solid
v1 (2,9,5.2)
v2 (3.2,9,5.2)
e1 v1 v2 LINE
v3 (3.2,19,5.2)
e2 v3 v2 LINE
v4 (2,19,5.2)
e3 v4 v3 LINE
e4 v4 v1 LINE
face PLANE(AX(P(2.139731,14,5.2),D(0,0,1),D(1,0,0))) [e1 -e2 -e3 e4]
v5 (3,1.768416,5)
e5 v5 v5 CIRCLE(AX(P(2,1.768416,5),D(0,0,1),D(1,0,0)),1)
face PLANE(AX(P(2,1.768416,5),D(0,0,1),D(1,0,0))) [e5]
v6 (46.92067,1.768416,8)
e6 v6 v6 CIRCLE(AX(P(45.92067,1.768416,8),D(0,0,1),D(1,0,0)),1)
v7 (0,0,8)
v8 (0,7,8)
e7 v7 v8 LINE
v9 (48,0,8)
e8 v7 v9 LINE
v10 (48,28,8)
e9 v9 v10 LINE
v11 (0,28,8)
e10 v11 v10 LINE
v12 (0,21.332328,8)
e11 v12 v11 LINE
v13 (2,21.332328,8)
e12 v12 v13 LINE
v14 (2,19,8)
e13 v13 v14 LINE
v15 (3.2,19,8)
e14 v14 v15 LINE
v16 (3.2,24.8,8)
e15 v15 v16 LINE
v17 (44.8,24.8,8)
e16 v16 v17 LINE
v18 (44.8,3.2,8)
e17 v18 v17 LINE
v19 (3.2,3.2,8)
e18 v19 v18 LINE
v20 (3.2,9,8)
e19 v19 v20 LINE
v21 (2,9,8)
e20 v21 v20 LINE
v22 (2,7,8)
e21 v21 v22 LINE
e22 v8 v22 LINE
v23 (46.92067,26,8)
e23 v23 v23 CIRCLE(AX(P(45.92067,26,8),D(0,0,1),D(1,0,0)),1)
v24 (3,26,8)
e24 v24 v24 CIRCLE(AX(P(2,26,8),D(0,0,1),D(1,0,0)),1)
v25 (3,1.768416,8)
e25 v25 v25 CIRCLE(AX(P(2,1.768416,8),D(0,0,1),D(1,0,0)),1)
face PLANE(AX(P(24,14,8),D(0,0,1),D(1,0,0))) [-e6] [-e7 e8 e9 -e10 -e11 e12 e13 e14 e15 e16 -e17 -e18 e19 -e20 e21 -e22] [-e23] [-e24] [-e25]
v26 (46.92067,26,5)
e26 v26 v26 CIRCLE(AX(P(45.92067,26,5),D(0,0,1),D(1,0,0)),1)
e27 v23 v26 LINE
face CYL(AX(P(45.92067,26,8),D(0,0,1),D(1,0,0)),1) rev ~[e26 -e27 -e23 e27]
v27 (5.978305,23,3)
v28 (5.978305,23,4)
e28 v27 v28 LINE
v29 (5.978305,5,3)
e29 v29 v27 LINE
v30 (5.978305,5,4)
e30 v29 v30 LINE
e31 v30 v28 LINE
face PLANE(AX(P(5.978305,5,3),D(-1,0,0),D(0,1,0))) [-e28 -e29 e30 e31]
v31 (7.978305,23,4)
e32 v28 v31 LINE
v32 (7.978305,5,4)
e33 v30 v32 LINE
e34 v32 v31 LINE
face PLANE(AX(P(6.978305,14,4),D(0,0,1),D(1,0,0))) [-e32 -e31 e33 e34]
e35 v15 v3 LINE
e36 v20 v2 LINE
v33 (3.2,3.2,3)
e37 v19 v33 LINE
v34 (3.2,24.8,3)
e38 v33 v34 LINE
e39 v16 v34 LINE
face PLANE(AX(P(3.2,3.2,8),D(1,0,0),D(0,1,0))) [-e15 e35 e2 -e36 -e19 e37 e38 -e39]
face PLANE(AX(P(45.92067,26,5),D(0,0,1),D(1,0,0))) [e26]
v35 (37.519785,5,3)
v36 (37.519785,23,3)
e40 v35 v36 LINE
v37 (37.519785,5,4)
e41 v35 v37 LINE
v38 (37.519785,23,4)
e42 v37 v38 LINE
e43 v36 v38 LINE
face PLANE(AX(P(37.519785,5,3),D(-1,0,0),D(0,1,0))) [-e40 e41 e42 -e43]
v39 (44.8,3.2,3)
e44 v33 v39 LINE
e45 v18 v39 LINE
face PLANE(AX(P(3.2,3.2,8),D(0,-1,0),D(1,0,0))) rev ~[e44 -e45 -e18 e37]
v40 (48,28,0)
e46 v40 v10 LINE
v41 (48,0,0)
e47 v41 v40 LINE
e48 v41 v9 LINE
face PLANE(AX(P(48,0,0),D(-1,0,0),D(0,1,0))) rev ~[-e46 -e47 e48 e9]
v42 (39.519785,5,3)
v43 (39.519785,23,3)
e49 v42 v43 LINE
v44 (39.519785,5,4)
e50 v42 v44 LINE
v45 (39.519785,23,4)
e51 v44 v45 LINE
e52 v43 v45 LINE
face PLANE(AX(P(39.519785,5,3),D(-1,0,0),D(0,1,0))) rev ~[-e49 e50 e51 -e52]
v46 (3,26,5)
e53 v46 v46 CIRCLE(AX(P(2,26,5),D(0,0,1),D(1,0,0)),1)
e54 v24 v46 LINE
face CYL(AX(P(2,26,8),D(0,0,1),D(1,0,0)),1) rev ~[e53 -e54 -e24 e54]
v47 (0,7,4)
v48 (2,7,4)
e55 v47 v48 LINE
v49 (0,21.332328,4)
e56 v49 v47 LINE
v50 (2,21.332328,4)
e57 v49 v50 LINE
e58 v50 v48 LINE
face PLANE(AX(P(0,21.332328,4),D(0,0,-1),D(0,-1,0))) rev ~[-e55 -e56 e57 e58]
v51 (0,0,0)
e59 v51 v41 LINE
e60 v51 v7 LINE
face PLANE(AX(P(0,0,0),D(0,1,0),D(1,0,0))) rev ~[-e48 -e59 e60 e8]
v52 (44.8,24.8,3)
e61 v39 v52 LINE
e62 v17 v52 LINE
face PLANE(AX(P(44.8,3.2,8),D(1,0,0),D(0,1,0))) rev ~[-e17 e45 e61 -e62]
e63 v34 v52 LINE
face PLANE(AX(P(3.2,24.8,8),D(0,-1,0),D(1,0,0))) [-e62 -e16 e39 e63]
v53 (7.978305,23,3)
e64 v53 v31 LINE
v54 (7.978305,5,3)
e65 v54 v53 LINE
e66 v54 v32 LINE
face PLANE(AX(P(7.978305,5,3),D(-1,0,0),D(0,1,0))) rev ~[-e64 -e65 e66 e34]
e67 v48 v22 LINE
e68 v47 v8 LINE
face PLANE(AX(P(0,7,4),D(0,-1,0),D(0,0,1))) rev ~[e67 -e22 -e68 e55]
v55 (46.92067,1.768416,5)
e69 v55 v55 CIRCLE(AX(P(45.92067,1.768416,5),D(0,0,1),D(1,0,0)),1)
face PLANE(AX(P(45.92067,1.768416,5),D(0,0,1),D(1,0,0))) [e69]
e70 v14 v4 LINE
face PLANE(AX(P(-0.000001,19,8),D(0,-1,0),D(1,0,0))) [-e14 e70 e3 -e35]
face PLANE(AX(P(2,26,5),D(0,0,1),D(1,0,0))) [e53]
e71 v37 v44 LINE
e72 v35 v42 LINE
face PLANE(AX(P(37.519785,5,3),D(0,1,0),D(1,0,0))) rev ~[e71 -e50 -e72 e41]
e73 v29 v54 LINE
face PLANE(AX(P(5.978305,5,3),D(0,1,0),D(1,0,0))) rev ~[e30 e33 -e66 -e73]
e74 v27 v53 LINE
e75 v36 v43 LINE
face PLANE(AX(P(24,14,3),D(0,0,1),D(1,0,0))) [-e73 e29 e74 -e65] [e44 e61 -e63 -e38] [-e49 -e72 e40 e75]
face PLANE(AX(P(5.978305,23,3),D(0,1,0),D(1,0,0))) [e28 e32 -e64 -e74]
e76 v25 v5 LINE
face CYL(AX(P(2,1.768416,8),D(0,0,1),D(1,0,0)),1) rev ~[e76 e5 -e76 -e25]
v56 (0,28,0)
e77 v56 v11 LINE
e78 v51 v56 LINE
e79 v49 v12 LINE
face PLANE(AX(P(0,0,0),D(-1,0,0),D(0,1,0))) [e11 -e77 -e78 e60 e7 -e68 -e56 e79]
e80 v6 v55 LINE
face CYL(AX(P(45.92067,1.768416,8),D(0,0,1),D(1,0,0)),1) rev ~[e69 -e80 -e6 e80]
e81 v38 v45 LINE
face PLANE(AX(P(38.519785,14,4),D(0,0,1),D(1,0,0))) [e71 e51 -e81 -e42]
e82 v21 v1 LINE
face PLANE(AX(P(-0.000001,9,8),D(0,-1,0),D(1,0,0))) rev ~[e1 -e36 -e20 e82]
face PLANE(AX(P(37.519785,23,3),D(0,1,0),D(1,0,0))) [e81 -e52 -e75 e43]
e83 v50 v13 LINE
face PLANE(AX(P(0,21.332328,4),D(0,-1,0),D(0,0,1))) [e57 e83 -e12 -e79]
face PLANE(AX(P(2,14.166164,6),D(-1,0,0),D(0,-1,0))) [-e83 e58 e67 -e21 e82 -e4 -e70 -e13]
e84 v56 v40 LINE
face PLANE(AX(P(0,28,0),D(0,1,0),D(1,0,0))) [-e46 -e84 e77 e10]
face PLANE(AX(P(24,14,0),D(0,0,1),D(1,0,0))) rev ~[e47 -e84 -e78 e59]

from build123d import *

# Parameters (mm, degrees)
SKETCH_W        = 48
SKETCH_H        = 28
PAD_DEPTH       = 8
SKETCH001_W     = 41.6
SKETCH001_H     = 21.6
POCKET_DEPTH    = 5
SKETCH002_W     = 4.279463
SKETCH002_H     = 10
POCKET001_DEPTH = 2.8
SKETCH003_W     = 2
SKETCH003_H     = 18
PAD001_DEPTH    = 1
SKETCH004_W     = 14.332329
SKETCH004_H     = 4
POCKET002_DEPTH = 2
SKETCH005_R     = 1
POCKET003_DEPTH = 3


with BuildPart() as part:
    # Sketch → Pad (new body)
    with BuildSketch(Plane.XY):
        with Locations((24, 14)):
            Rectangle(SKETCH_W, SKETCH_H)
    extrude(amount=PAD_DEPTH)

    # Sketch001 → Pocket (cut)
    with BuildSketch(Plane.XY.offset(8)):
        with Locations((24, 14)):
            Rectangle(SKETCH001_W, SKETCH001_H)
    extrude(amount=-POCKET_DEPTH, mode=Mode.SUBTRACT)

    # Sketch002 → Pocket001 (cut)
    with BuildSketch(Plane.XY.offset(8)):
        with Locations((2.139731, 14)):
            Rectangle(SKETCH002_W, SKETCH002_H)
    extrude(amount=-POCKET001_DEPTH, mode=Mode.SUBTRACT)

    # Sketch003 → Pad001 (new body)
    with BuildSketch(Plane.XY.offset(3)):
        with Locations((6.978305, 14)):
            Rectangle(SKETCH003_W, SKETCH003_H)
        with Locations((38.519785, 14)):
            Rectangle(SKETCH003_W, SKETCH003_H)
    extrude(amount=PAD001_DEPTH)

    # Sketch004 → Pocket002 (cut)
    with BuildSketch(Plane(origin=(0, 0, 0), x_dir=(0, -1, 0), z_dir=(-1, 0, 0))):
        with Locations((-14.166164, 6)):
            Rectangle(SKETCH004_W, SKETCH004_H)
    extrude(amount=-POCKET002_DEPTH, mode=Mode.SUBTRACT)

    # Sketch005 → Pocket003 (cut)
    with BuildSketch(Plane.XY.offset(8)):
        with Locations((2, 26)):
            Circle(SKETCH005_R)
        with Locations((2, 1.768416)):
            Circle(SKETCH005_R)
        with Locations((45.92067, 1.768416)):
            Circle(SKETCH005_R)
        with Locations((45.92067, 26)):
            Circle(SKETCH005_R)
    extrude(amount=-POCKET003_DEPTH, mode=Mode.SUBTRACT)


solid = part.part
